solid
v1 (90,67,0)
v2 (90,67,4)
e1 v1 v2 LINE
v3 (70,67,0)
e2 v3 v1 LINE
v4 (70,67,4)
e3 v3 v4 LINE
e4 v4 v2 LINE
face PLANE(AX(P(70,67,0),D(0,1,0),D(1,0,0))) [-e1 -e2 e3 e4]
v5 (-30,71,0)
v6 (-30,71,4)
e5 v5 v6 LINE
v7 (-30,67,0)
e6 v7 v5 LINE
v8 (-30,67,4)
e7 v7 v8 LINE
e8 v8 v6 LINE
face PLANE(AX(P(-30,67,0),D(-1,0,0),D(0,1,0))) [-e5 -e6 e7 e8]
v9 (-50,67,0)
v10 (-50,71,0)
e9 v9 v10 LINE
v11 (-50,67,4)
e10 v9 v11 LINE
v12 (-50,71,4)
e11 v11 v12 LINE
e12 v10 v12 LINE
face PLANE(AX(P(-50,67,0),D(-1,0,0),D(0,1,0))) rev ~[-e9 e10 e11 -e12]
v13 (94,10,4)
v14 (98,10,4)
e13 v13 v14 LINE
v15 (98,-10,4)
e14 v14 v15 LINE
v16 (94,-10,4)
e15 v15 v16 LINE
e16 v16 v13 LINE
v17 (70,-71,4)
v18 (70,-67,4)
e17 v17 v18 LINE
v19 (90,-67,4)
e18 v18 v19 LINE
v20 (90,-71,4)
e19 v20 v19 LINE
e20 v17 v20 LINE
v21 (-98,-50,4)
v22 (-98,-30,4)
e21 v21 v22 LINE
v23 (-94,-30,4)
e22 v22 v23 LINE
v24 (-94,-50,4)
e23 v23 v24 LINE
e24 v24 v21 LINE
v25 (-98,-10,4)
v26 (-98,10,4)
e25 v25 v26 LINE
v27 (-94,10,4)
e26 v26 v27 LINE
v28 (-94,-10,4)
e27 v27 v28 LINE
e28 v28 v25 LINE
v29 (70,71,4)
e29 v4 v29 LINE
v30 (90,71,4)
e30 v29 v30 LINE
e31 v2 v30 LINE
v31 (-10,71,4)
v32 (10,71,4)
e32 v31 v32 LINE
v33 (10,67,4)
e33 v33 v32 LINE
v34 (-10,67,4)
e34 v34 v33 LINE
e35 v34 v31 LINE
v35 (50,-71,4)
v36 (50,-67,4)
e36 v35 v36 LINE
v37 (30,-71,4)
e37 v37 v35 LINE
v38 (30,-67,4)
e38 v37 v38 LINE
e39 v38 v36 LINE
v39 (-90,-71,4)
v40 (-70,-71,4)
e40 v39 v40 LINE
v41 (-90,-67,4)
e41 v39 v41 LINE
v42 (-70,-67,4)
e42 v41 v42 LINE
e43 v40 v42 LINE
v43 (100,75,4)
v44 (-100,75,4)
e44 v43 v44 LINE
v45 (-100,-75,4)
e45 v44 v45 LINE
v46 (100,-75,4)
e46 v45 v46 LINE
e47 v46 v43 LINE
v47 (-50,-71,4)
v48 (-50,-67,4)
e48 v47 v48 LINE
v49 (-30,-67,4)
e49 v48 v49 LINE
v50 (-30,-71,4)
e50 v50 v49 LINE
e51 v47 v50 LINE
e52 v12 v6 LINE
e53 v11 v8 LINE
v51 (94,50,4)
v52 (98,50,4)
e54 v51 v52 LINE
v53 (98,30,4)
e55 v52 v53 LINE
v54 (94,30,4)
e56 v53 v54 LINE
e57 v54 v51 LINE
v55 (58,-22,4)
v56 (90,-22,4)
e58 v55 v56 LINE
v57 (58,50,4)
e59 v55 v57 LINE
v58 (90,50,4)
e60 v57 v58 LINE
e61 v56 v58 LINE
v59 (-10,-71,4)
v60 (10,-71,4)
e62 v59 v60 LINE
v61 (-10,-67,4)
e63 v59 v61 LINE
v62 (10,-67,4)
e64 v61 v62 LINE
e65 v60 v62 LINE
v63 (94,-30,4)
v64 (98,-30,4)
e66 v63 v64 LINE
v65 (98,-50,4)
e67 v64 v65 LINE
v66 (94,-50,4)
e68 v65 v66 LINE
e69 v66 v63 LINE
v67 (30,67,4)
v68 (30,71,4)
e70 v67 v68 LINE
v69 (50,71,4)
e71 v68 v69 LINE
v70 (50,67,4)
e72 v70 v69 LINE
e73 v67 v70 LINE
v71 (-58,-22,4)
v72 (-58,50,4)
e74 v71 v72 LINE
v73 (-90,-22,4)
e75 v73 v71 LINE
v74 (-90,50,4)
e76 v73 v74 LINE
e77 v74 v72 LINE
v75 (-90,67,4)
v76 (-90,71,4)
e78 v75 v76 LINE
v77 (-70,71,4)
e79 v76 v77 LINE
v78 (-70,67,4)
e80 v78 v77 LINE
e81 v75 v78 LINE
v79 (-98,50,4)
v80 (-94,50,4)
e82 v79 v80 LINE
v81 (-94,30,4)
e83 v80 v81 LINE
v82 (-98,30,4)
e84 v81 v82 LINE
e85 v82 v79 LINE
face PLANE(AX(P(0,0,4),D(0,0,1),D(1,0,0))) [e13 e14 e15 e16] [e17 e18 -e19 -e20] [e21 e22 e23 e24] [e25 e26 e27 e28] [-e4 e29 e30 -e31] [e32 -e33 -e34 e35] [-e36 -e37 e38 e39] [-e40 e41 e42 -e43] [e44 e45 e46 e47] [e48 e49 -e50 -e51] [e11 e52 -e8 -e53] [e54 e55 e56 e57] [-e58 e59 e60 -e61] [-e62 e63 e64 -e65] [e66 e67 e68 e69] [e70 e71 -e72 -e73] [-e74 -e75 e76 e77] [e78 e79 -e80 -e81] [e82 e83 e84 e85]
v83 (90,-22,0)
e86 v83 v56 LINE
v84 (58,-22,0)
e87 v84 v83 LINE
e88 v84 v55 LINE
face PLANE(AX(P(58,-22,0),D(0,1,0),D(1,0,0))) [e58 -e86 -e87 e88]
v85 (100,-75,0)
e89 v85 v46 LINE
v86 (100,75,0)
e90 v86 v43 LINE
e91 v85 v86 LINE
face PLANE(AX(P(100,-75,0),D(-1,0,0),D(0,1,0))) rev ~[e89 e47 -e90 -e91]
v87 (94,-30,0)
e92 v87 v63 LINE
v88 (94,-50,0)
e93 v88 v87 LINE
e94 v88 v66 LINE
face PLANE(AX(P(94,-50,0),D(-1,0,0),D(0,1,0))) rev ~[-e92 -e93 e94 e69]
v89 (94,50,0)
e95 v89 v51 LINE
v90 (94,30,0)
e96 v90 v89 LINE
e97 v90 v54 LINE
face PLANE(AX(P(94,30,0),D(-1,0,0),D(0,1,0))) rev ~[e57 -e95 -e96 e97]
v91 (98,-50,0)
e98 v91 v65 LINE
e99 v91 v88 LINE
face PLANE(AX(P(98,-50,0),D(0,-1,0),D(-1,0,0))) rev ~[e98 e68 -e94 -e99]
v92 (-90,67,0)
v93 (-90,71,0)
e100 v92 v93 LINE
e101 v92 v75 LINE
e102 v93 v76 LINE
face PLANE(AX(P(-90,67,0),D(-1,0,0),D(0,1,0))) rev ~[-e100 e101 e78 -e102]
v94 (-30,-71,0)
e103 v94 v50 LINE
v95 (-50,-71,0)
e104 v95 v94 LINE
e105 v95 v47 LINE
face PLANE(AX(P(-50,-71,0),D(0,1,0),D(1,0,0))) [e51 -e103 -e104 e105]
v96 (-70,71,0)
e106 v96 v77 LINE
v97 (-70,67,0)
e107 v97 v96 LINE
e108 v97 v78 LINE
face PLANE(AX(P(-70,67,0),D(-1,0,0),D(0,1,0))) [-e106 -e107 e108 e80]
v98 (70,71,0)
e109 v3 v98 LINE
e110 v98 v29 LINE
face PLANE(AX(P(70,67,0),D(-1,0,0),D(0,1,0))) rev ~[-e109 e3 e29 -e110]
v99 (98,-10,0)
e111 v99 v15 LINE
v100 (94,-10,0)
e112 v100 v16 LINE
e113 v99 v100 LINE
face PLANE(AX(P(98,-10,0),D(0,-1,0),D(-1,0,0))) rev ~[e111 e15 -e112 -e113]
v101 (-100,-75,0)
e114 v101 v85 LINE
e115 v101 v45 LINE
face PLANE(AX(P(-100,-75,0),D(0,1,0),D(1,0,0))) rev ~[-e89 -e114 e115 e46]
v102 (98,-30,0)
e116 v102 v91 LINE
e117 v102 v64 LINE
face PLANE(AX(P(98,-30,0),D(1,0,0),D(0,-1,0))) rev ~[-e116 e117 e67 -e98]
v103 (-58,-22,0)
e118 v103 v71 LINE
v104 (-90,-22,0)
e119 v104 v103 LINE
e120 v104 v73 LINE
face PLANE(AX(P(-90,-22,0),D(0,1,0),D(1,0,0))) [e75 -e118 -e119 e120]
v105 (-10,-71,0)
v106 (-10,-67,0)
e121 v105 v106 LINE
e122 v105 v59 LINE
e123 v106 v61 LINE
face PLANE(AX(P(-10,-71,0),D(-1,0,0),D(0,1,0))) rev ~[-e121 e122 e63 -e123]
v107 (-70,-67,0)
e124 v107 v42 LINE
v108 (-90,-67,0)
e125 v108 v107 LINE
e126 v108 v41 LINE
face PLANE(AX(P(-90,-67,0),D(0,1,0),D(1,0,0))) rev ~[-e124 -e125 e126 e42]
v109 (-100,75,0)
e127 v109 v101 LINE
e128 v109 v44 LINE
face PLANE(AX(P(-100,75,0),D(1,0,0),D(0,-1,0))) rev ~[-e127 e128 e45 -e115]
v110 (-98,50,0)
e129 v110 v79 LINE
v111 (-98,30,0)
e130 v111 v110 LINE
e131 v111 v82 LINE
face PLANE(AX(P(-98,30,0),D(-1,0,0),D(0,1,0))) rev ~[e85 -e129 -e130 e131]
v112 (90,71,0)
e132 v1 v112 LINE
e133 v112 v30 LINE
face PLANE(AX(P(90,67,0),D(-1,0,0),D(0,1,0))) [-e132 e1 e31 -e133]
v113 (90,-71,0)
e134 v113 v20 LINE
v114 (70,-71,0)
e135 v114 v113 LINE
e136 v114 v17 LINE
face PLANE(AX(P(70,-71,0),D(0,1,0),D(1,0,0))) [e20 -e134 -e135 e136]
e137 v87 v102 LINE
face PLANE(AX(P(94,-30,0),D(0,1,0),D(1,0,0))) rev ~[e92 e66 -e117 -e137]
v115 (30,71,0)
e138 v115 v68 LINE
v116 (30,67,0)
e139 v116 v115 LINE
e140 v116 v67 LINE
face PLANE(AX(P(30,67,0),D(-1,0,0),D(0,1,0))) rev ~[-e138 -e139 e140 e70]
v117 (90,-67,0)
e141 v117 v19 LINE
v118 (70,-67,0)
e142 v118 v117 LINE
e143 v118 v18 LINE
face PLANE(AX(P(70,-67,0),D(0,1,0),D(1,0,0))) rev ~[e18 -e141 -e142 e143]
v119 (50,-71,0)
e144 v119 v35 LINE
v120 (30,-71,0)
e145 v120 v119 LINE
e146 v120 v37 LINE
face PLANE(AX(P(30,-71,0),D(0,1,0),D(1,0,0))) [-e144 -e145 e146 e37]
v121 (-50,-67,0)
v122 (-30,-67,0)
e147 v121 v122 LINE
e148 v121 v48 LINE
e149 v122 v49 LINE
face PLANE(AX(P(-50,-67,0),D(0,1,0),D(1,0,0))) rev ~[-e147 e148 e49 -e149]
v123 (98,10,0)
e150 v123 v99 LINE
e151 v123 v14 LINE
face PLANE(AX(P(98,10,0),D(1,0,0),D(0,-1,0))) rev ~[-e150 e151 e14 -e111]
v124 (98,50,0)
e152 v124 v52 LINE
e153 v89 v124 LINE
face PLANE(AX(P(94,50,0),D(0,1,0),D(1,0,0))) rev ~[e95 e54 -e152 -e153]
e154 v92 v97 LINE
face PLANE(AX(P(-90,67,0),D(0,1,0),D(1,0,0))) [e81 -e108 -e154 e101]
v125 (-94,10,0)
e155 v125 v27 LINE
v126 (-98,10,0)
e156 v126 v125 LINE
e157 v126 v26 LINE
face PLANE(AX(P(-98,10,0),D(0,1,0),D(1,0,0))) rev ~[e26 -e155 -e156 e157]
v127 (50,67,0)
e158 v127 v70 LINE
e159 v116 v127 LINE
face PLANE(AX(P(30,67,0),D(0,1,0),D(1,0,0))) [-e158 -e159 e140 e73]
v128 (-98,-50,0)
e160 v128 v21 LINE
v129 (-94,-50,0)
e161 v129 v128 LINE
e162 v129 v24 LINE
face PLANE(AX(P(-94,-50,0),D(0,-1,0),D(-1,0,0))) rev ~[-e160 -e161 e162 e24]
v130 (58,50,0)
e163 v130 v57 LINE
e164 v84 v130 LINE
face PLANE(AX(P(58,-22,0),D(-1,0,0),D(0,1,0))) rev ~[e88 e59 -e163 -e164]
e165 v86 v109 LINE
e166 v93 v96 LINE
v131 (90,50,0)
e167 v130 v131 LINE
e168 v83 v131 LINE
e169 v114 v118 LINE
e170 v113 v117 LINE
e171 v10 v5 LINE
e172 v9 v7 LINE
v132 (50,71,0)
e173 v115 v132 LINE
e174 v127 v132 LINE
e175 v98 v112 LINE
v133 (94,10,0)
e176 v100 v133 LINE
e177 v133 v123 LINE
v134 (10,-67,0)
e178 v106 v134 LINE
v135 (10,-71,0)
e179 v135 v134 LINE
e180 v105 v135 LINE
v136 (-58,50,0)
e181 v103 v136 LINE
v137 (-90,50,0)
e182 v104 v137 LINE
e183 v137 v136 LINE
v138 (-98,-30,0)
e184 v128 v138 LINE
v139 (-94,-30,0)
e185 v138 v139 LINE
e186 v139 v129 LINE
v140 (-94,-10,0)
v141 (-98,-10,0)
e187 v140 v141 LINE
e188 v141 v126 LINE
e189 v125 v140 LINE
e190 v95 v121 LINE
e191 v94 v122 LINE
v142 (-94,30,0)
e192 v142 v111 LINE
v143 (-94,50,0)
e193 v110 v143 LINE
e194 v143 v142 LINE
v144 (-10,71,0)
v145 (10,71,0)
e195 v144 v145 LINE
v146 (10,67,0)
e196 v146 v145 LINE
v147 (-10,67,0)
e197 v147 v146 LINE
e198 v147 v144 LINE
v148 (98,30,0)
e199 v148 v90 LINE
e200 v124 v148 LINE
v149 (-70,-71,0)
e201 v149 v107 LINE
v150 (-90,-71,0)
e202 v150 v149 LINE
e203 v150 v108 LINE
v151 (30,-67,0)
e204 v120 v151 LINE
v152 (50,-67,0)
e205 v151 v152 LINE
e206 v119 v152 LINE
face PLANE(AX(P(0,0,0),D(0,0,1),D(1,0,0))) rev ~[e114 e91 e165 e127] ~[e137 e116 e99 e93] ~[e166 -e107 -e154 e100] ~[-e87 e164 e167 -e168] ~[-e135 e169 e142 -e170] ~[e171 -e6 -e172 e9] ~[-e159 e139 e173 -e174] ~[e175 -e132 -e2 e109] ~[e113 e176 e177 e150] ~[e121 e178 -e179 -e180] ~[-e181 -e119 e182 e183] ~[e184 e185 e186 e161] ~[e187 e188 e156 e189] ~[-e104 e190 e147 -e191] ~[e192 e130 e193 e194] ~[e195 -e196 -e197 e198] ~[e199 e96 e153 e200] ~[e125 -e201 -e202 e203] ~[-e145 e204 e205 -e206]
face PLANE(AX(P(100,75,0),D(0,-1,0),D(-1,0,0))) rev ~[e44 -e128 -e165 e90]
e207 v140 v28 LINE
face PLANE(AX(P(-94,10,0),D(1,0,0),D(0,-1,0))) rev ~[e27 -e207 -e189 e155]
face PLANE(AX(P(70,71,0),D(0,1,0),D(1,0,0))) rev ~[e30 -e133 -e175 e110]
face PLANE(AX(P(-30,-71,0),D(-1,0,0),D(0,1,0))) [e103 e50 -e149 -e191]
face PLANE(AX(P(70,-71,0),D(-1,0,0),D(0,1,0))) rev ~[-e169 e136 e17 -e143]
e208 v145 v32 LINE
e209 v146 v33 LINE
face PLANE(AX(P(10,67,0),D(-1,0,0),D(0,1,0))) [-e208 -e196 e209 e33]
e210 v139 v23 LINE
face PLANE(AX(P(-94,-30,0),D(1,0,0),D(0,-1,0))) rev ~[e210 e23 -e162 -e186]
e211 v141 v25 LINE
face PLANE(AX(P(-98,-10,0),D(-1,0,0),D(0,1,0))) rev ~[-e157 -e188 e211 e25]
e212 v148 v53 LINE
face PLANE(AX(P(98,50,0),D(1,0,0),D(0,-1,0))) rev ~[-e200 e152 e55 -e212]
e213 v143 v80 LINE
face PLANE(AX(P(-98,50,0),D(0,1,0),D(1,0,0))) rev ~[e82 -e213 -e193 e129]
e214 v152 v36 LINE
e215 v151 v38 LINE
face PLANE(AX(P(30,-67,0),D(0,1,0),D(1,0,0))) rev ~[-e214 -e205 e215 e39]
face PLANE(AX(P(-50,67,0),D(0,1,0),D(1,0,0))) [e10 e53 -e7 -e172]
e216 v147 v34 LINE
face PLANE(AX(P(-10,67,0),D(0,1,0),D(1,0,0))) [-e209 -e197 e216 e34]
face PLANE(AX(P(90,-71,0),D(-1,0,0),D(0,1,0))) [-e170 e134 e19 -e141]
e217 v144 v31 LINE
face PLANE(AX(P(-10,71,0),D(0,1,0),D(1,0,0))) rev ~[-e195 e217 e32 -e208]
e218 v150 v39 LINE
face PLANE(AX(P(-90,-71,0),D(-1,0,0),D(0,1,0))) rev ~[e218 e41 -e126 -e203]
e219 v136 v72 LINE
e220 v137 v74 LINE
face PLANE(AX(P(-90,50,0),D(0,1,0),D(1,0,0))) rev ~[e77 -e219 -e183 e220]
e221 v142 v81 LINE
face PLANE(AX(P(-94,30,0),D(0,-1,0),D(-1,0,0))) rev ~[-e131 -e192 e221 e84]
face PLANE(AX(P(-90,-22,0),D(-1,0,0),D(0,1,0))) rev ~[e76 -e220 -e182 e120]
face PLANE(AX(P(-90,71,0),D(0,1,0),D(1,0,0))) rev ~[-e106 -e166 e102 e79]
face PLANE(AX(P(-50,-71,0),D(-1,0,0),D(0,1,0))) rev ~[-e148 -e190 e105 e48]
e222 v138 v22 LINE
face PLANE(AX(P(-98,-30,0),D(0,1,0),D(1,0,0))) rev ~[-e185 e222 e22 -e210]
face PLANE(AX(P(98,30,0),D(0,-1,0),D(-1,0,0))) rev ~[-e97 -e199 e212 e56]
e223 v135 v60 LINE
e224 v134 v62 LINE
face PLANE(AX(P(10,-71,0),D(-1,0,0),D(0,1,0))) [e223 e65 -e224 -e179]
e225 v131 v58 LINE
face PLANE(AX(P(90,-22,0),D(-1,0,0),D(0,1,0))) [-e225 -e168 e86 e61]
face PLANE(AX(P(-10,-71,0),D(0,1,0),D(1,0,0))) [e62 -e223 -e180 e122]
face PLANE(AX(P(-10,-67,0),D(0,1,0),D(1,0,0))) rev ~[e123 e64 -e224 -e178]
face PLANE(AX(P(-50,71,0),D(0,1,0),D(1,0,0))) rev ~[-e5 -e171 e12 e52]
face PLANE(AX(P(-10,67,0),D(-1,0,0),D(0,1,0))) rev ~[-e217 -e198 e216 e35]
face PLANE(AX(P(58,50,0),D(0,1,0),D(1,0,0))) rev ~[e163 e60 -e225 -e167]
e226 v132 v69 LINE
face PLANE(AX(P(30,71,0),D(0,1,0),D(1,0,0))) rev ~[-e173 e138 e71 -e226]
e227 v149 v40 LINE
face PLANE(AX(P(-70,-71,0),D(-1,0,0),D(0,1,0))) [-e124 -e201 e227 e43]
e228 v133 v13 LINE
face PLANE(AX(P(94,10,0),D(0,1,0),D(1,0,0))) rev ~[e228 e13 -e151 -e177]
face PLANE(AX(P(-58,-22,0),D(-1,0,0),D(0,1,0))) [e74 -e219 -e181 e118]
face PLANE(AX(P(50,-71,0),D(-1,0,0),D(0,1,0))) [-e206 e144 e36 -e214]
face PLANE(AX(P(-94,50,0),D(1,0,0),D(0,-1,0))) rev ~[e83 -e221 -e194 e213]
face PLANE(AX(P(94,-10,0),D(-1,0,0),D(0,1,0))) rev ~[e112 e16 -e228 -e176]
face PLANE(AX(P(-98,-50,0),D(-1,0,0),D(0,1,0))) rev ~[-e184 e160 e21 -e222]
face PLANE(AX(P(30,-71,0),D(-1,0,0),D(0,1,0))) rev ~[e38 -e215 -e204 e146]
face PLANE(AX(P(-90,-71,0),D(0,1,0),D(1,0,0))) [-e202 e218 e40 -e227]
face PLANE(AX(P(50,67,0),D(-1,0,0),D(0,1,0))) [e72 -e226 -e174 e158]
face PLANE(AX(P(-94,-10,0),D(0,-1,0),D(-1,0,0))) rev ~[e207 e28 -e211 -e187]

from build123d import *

# Parameters (mm, degrees)
F0_W     = 20
F0_H     = 4
F0_W_2   = 32
F0_H_2   = 72
F1_DEPTH = 4


with BuildPart() as f1:
    # F0 (on Top) → F1 (new body)
    with BuildSketch(Plane.XY):
        Polygon((100, -10), (100, 75), (30, 75), (10, 75), (-100, 75), (-100, -75), (100, -75), (100, -70), (100, -50), (100, -30), align=None)
        with Locations((-80, -69)):
            Rectangle(F0_W, F0_H, mode=Mode.SUBTRACT)
        Polygon((-98, -30), (-94, -30), (-94, -40), (-94, -50), (-98, -50), (-98, -40), align=None, mode=Mode.SUBTRACT)
        with Locations((-40, -69)):
            Rectangle(F0_W, F0_H, mode=Mode.SUBTRACT)
        with Locations((0, -69)):
            Rectangle(F0_W, F0_H, mode=Mode.SUBTRACT)
        with Locations((40, -69)):
            Rectangle(F0_W, F0_H, mode=Mode.SUBTRACT)
        with Locations((80, -69)):
            Rectangle(F0_W, F0_H, mode=Mode.SUBTRACT)
        Polygon((94, -40), (94, -30), (98, -30), (98, -40), (98, -50), (94, -50), align=None, mode=Mode.SUBTRACT)
        Polygon((-98, -10), (-98, 0), (-98, 10), (-94, 10), (-94, 0), (-94, -10), align=None, mode=Mode.SUBTRACT)
        with Locations((-74, 14)):
            Rectangle(F0_W_2, F0_H_2, mode=Mode.SUBTRACT)
        Polygon((-98, 30), (-98, 40), (-98, 50), (-94, 50), (-94, 40), (-94, 30), align=None, mode=Mode.SUBTRACT)
        with Locations((-80, 69)):
            Rectangle(F0_W, F0_H, mode=Mode.SUBTRACT)
        with Locations((-40, 69)):
            Rectangle(F0_W, F0_H, mode=Mode.SUBTRACT)
        with Locations((74, 14)):
            Rectangle(F0_W_2, F0_H_2, mode=Mode.SUBTRACT)
        Polygon((94, -10), (94, 0), (94, 10), (98, 10), (98, 0), (98, -10), align=None, mode=Mode.SUBTRACT)
        with Locations((0, 69)):
            Rectangle(F0_W, F0_H, mode=Mode.SUBTRACT)
        with Locations((40, 69)):
            Rectangle(F0_W, F0_H, mode=Mode.SUBTRACT)
        Polygon((98, 40), (98, 30), (94, 30), (94, 40), (94, 50), (98, 50), align=None, mode=Mode.SUBTRACT)
        with Locations((80, 69)):
            Rectangle(F0_W, F0_H, mode=Mode.SUBTRACT)
    extrude(amount=F1_DEPTH)


solid = f1.part
